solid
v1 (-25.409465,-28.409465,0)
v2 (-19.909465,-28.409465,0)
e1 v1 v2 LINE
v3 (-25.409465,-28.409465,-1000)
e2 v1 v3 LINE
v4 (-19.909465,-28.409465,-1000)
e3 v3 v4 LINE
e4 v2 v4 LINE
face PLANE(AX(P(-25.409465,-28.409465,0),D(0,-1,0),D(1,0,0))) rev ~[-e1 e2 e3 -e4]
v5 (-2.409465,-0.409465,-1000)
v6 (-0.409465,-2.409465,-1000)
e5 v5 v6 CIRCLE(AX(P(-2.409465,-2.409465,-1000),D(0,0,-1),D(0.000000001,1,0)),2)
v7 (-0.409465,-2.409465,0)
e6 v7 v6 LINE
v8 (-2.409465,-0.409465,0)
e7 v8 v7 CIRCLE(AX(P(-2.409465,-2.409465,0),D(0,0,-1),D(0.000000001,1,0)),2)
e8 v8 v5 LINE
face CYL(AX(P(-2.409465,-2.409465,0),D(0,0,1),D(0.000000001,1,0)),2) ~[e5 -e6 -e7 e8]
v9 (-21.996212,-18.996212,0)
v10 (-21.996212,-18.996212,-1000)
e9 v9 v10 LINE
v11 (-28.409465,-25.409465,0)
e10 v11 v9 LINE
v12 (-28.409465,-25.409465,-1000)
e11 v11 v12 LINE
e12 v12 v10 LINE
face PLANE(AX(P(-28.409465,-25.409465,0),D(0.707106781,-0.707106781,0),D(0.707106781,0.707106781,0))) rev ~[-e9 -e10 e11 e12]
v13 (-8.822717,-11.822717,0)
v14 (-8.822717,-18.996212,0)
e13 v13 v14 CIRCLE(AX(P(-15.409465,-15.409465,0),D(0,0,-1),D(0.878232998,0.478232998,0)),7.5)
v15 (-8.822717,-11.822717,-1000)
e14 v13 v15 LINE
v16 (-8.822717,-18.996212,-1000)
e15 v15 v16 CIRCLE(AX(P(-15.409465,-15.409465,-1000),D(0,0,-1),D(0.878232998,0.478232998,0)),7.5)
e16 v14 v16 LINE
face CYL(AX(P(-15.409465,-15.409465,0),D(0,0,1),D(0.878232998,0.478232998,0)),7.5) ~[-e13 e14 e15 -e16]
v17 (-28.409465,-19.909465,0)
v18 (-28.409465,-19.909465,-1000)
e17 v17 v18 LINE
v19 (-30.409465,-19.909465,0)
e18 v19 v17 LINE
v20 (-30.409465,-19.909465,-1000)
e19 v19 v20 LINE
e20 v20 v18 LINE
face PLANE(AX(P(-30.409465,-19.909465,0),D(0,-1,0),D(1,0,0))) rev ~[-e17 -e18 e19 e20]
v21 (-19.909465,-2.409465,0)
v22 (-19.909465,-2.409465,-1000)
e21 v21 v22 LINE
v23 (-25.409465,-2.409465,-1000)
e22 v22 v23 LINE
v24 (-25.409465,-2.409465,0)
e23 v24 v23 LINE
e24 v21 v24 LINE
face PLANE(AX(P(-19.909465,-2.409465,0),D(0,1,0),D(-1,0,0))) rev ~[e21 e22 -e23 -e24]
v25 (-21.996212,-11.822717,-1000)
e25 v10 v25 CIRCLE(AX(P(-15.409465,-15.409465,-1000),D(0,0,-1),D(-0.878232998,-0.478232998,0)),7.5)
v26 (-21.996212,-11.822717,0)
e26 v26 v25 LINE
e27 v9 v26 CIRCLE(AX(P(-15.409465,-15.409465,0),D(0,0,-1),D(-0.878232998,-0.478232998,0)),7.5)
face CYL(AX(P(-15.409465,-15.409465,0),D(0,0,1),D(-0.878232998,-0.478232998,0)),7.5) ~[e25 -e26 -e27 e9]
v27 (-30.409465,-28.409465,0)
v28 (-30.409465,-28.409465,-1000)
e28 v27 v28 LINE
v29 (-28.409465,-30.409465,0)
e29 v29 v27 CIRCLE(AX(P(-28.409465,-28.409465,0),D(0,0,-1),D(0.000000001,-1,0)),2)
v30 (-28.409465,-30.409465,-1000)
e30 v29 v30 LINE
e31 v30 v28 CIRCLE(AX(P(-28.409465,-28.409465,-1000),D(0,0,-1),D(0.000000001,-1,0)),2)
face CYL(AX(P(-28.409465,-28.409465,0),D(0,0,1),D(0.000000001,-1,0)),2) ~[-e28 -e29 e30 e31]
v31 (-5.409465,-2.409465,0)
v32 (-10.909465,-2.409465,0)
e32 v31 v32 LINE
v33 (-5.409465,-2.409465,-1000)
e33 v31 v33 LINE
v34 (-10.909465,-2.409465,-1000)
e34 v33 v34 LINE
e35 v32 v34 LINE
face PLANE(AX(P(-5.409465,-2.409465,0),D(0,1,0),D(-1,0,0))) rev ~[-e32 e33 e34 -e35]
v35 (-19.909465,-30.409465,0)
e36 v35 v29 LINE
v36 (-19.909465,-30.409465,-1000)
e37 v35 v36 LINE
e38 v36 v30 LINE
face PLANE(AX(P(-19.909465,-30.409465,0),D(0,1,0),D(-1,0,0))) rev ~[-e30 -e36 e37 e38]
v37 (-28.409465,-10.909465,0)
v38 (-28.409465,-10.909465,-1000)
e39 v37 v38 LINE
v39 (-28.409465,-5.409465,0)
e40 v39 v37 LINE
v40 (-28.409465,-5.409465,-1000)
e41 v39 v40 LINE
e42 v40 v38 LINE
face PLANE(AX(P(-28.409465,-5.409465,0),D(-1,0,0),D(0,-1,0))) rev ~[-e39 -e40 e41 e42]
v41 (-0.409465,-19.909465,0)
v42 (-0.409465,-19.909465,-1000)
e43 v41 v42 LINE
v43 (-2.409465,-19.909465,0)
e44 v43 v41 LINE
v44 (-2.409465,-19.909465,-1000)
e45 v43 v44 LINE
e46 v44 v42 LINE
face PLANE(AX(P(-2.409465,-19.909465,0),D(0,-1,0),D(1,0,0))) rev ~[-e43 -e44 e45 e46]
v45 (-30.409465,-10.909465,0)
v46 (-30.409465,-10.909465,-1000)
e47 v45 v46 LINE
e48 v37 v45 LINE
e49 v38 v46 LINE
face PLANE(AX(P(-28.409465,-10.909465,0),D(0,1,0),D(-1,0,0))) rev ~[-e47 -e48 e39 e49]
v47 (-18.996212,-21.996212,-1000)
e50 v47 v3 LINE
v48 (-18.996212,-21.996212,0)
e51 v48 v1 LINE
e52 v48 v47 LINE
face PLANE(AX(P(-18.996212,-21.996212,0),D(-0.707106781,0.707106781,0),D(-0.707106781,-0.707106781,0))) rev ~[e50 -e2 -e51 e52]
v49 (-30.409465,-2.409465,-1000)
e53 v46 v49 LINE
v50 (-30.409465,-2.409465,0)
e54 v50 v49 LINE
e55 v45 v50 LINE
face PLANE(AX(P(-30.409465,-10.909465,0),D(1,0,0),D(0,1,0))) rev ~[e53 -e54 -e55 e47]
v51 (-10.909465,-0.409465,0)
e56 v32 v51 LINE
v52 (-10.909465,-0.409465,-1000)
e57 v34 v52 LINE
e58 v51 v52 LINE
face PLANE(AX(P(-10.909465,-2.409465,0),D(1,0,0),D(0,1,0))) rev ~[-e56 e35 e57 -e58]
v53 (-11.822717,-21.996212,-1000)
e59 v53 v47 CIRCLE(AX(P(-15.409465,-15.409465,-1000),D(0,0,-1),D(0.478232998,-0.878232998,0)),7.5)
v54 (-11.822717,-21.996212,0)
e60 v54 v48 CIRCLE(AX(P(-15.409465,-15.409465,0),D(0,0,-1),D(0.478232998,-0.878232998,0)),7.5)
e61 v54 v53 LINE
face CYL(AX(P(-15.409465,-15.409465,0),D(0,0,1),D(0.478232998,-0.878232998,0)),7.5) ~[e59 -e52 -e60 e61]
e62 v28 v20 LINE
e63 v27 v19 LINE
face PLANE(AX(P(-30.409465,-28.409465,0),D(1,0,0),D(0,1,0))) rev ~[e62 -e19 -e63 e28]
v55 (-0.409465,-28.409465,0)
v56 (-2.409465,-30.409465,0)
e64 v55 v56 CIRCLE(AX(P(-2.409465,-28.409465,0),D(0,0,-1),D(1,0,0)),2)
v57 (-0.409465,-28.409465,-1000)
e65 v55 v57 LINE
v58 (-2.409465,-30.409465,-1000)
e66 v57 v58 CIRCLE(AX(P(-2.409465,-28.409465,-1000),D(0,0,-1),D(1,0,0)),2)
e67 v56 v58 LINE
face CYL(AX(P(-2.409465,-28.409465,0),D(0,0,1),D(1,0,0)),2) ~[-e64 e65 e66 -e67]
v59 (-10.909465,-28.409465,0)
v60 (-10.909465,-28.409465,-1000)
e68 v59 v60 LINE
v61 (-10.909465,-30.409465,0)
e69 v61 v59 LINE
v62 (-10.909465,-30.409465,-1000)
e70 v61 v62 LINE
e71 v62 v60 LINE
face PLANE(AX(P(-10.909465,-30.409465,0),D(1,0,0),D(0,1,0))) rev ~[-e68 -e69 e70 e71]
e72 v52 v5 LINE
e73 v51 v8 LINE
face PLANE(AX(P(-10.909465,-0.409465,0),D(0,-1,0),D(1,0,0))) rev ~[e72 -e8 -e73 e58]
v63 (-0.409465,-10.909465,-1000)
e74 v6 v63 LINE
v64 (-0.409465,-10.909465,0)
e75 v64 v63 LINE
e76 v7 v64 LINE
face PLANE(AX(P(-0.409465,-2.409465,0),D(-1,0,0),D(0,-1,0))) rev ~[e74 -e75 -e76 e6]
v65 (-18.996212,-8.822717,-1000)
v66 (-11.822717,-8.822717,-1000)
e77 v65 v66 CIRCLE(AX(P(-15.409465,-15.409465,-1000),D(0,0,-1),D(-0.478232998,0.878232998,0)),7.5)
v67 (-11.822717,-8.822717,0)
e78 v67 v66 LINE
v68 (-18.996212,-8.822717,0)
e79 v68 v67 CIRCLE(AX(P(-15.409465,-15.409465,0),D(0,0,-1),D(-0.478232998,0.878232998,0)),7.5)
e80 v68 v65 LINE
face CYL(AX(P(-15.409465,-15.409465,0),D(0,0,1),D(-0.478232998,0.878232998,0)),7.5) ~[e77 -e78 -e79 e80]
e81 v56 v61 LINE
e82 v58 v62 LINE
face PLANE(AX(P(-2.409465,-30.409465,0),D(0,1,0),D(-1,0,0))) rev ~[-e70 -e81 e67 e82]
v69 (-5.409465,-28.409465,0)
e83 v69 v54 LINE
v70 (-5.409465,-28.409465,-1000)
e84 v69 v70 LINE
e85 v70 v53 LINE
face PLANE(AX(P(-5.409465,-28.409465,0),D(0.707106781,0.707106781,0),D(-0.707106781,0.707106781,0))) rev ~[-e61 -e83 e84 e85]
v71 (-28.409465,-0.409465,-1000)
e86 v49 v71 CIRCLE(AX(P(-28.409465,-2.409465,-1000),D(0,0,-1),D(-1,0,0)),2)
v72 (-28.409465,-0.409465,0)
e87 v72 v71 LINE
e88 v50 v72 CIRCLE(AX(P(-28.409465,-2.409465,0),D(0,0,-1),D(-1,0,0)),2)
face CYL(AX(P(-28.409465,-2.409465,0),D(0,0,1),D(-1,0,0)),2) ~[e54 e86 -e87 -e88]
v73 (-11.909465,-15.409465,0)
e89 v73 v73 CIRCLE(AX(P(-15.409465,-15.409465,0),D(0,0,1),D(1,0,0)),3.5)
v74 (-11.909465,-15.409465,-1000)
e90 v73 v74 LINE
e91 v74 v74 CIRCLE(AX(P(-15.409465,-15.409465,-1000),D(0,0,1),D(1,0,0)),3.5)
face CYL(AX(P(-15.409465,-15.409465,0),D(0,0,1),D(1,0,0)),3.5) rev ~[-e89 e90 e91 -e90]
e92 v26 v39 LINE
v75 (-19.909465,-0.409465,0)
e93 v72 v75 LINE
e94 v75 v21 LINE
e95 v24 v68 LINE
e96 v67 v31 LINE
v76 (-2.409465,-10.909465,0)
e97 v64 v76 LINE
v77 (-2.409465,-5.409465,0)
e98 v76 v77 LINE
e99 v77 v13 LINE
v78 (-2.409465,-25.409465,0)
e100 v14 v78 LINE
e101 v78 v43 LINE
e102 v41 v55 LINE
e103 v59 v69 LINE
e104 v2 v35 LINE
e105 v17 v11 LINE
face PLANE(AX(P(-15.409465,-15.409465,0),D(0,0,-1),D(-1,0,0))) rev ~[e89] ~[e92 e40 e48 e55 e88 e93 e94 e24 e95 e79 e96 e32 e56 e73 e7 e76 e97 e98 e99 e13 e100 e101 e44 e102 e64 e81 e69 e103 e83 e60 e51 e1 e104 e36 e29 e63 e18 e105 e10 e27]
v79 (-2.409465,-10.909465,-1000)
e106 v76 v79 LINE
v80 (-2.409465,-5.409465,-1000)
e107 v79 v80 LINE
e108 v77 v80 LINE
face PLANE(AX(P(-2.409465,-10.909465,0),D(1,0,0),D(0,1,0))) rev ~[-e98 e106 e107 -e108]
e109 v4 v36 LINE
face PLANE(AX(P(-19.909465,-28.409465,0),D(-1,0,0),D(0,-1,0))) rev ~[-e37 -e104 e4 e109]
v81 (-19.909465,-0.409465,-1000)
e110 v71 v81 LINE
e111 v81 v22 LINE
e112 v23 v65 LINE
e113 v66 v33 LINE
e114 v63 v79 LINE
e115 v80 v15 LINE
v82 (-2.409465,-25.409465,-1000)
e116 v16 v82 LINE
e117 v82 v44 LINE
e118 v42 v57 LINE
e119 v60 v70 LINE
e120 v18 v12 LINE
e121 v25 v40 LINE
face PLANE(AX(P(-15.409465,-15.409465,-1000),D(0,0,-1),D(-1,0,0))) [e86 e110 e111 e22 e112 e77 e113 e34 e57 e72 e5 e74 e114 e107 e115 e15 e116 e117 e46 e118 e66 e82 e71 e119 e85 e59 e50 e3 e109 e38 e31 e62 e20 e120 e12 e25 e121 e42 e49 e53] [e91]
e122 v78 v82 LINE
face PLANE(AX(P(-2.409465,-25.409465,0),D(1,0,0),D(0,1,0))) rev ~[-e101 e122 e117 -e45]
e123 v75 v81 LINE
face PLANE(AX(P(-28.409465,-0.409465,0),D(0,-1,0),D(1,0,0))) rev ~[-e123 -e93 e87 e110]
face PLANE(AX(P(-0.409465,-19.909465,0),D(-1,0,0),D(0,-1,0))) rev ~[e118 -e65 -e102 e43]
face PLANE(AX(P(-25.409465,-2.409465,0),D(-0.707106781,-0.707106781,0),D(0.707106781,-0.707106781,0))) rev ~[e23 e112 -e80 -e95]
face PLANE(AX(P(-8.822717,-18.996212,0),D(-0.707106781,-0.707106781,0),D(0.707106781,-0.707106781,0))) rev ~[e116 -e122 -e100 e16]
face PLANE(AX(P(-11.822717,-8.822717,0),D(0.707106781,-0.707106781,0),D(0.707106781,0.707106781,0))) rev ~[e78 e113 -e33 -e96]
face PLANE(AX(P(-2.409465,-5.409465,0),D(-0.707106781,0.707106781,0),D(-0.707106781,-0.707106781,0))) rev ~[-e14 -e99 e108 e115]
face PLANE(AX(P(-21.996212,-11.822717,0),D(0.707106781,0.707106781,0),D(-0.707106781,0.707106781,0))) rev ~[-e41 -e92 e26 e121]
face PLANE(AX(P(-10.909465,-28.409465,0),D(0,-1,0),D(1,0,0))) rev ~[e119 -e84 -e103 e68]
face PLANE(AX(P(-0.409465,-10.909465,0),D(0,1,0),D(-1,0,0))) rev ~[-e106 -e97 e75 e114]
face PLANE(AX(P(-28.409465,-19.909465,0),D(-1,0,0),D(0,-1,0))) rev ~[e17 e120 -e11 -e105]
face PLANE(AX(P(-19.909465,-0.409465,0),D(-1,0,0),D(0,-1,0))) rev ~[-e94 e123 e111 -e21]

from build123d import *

# Parameters (mm, degrees)
ESBO_O1_R                = 3.5
RESSALTO_EXTRUS_O1_DEPTH = 1000


with BuildPart() as part:
    # Esboço1 → Ressalto-extrusão1 (new body)
    with BuildSketch(Plane.XY):
        with BuildLine():
            Line((-8.822717355, -18.99621233), (-2.409464842, -25.409464842))
            Line((-2.409464842, -25.409464842), (-2.409464842, -19.909464842))
            Line((-2.409464842, -19.909464842), (-0.409464842, -19.909464842))
            Line((-0.409464842, -19.909464842), (-0.409464842, -28.409464842))
            ThreePointArc((-0.409464842, -28.409464842), (-0.99525128, -29.823678405), (-2.409464842, -30.409464842))
            Line((-2.409464842, -30.409464842), (-10.909464842, -30.409464842))
            Line((-10.909464842, -30.409464842), (-10.909464842, -28.409464842))
            Line((-10.909464842, -28.409464842), (-5.409464842, -28.409464842))
            Line((-5.409464842, -28.409464842), (-11.822717355, -21.99621233))
            ThreePointArc((-11.822717355, -21.99621233), (-15.409464842, -22.909464842), (-18.99621233, -21.99621233))
            Line((-18.99621233, -21.99621233), (-25.409464842, -28.409464842))
            Line((-25.409464842, -28.409464842), (-19.909464842, -28.409464842))
            Line((-19.909464842, -28.409464842), (-19.909464842, -30.409464842))
            Line((-19.909464842, -30.409464842), (-28.409464842, -30.409464842))
            ThreePointArc((-28.409464842, -30.409464842), (-29.823678405, -29.823678405), (-30.409464842, -28.409464842))
            Line((-30.409464842, -28.409464842), (-30.409464842, -19.909464842))
            Line((-30.409464842, -19.909464842), (-28.409464842, -19.909464842))
            Line((-28.409464842, -19.909464842), (-28.409464842, -25.409464842))
            Line((-28.409464842, -25.409464842), (-21.99621233, -18.99621233))
            ThreePointArc((-21.99621233, -18.99621233), (-22.909464842, -15.409464842), (-21.99621233, -11.822717355))
            Line((-21.99621233, -11.822717355), (-28.409464842, -5.409464842))
            Line((-28.409464842, -5.409464842), (-28.409464842, -10.909464842))
            Line((-28.409464842, -10.909464842), (-30.409464842, -10.909464842))
            Line((-30.409464842, -10.909464842), (-30.409464842, -2.409464842))
            ThreePointArc((-30.409464842, -2.409464842), (-29.823678405, -0.99525128), (-28.409464842, -0.409464842))
            Line((-28.409464842, -0.409464842), (-19.909464842, -0.409464842))
            Line((-19.909464842, -0.409464842), (-19.909464842, -2.409464842))
            Line((-19.909464842, -2.409464842), (-25.409464842, -2.409464842))
            Line((-25.409464842, -2.409464842), (-18.99621233, -8.822717355))
            ThreePointArc((-18.99621233, -8.822717355), (-15.409464842, -7.909464842), (-11.822717355, -8.822717355))
            Line((-11.822717355, -8.822717355), (-5.409464842, -2.409464842))
            Line((-5.409464842, -2.409464842), (-10.909464842, -2.409464842))
            Line((-10.909464842, -2.409464842), (-10.909464842, -0.409464842))
            Line((-10.909464842, -0.409464842), (-2.409464842, -0.409464842))
            ThreePointArc((-2.409464842, -0.409464842), (-0.99525128, -0.99525128), (-0.409464842, -2.409464842))
            Line((-0.409464842, -2.409464842), (-0.409464842, -10.909464842))
            Line((-0.409464842, -10.909464842), (-2.409464842, -10.909464842))
            Line((-2.409464842, -10.909464842), (-2.409464842, -5.409464842))
            Line((-2.409464842, -5.409464842), (-8.822717355, -11.822717355))
            ThreePointArc((-8.822717355, -11.822717355), (-7.909464842, -15.409464842), (-8.822717355, -18.99621233))
        make_face()
        with Locations((-15.409464842, -15.409464842)):
            Circle(ESBO_O1_R, mode=Mode.SUBTRACT)
    extrude(amount=-RESSALTO_EXTRUS_O1_DEPTH)


solid = part.part
